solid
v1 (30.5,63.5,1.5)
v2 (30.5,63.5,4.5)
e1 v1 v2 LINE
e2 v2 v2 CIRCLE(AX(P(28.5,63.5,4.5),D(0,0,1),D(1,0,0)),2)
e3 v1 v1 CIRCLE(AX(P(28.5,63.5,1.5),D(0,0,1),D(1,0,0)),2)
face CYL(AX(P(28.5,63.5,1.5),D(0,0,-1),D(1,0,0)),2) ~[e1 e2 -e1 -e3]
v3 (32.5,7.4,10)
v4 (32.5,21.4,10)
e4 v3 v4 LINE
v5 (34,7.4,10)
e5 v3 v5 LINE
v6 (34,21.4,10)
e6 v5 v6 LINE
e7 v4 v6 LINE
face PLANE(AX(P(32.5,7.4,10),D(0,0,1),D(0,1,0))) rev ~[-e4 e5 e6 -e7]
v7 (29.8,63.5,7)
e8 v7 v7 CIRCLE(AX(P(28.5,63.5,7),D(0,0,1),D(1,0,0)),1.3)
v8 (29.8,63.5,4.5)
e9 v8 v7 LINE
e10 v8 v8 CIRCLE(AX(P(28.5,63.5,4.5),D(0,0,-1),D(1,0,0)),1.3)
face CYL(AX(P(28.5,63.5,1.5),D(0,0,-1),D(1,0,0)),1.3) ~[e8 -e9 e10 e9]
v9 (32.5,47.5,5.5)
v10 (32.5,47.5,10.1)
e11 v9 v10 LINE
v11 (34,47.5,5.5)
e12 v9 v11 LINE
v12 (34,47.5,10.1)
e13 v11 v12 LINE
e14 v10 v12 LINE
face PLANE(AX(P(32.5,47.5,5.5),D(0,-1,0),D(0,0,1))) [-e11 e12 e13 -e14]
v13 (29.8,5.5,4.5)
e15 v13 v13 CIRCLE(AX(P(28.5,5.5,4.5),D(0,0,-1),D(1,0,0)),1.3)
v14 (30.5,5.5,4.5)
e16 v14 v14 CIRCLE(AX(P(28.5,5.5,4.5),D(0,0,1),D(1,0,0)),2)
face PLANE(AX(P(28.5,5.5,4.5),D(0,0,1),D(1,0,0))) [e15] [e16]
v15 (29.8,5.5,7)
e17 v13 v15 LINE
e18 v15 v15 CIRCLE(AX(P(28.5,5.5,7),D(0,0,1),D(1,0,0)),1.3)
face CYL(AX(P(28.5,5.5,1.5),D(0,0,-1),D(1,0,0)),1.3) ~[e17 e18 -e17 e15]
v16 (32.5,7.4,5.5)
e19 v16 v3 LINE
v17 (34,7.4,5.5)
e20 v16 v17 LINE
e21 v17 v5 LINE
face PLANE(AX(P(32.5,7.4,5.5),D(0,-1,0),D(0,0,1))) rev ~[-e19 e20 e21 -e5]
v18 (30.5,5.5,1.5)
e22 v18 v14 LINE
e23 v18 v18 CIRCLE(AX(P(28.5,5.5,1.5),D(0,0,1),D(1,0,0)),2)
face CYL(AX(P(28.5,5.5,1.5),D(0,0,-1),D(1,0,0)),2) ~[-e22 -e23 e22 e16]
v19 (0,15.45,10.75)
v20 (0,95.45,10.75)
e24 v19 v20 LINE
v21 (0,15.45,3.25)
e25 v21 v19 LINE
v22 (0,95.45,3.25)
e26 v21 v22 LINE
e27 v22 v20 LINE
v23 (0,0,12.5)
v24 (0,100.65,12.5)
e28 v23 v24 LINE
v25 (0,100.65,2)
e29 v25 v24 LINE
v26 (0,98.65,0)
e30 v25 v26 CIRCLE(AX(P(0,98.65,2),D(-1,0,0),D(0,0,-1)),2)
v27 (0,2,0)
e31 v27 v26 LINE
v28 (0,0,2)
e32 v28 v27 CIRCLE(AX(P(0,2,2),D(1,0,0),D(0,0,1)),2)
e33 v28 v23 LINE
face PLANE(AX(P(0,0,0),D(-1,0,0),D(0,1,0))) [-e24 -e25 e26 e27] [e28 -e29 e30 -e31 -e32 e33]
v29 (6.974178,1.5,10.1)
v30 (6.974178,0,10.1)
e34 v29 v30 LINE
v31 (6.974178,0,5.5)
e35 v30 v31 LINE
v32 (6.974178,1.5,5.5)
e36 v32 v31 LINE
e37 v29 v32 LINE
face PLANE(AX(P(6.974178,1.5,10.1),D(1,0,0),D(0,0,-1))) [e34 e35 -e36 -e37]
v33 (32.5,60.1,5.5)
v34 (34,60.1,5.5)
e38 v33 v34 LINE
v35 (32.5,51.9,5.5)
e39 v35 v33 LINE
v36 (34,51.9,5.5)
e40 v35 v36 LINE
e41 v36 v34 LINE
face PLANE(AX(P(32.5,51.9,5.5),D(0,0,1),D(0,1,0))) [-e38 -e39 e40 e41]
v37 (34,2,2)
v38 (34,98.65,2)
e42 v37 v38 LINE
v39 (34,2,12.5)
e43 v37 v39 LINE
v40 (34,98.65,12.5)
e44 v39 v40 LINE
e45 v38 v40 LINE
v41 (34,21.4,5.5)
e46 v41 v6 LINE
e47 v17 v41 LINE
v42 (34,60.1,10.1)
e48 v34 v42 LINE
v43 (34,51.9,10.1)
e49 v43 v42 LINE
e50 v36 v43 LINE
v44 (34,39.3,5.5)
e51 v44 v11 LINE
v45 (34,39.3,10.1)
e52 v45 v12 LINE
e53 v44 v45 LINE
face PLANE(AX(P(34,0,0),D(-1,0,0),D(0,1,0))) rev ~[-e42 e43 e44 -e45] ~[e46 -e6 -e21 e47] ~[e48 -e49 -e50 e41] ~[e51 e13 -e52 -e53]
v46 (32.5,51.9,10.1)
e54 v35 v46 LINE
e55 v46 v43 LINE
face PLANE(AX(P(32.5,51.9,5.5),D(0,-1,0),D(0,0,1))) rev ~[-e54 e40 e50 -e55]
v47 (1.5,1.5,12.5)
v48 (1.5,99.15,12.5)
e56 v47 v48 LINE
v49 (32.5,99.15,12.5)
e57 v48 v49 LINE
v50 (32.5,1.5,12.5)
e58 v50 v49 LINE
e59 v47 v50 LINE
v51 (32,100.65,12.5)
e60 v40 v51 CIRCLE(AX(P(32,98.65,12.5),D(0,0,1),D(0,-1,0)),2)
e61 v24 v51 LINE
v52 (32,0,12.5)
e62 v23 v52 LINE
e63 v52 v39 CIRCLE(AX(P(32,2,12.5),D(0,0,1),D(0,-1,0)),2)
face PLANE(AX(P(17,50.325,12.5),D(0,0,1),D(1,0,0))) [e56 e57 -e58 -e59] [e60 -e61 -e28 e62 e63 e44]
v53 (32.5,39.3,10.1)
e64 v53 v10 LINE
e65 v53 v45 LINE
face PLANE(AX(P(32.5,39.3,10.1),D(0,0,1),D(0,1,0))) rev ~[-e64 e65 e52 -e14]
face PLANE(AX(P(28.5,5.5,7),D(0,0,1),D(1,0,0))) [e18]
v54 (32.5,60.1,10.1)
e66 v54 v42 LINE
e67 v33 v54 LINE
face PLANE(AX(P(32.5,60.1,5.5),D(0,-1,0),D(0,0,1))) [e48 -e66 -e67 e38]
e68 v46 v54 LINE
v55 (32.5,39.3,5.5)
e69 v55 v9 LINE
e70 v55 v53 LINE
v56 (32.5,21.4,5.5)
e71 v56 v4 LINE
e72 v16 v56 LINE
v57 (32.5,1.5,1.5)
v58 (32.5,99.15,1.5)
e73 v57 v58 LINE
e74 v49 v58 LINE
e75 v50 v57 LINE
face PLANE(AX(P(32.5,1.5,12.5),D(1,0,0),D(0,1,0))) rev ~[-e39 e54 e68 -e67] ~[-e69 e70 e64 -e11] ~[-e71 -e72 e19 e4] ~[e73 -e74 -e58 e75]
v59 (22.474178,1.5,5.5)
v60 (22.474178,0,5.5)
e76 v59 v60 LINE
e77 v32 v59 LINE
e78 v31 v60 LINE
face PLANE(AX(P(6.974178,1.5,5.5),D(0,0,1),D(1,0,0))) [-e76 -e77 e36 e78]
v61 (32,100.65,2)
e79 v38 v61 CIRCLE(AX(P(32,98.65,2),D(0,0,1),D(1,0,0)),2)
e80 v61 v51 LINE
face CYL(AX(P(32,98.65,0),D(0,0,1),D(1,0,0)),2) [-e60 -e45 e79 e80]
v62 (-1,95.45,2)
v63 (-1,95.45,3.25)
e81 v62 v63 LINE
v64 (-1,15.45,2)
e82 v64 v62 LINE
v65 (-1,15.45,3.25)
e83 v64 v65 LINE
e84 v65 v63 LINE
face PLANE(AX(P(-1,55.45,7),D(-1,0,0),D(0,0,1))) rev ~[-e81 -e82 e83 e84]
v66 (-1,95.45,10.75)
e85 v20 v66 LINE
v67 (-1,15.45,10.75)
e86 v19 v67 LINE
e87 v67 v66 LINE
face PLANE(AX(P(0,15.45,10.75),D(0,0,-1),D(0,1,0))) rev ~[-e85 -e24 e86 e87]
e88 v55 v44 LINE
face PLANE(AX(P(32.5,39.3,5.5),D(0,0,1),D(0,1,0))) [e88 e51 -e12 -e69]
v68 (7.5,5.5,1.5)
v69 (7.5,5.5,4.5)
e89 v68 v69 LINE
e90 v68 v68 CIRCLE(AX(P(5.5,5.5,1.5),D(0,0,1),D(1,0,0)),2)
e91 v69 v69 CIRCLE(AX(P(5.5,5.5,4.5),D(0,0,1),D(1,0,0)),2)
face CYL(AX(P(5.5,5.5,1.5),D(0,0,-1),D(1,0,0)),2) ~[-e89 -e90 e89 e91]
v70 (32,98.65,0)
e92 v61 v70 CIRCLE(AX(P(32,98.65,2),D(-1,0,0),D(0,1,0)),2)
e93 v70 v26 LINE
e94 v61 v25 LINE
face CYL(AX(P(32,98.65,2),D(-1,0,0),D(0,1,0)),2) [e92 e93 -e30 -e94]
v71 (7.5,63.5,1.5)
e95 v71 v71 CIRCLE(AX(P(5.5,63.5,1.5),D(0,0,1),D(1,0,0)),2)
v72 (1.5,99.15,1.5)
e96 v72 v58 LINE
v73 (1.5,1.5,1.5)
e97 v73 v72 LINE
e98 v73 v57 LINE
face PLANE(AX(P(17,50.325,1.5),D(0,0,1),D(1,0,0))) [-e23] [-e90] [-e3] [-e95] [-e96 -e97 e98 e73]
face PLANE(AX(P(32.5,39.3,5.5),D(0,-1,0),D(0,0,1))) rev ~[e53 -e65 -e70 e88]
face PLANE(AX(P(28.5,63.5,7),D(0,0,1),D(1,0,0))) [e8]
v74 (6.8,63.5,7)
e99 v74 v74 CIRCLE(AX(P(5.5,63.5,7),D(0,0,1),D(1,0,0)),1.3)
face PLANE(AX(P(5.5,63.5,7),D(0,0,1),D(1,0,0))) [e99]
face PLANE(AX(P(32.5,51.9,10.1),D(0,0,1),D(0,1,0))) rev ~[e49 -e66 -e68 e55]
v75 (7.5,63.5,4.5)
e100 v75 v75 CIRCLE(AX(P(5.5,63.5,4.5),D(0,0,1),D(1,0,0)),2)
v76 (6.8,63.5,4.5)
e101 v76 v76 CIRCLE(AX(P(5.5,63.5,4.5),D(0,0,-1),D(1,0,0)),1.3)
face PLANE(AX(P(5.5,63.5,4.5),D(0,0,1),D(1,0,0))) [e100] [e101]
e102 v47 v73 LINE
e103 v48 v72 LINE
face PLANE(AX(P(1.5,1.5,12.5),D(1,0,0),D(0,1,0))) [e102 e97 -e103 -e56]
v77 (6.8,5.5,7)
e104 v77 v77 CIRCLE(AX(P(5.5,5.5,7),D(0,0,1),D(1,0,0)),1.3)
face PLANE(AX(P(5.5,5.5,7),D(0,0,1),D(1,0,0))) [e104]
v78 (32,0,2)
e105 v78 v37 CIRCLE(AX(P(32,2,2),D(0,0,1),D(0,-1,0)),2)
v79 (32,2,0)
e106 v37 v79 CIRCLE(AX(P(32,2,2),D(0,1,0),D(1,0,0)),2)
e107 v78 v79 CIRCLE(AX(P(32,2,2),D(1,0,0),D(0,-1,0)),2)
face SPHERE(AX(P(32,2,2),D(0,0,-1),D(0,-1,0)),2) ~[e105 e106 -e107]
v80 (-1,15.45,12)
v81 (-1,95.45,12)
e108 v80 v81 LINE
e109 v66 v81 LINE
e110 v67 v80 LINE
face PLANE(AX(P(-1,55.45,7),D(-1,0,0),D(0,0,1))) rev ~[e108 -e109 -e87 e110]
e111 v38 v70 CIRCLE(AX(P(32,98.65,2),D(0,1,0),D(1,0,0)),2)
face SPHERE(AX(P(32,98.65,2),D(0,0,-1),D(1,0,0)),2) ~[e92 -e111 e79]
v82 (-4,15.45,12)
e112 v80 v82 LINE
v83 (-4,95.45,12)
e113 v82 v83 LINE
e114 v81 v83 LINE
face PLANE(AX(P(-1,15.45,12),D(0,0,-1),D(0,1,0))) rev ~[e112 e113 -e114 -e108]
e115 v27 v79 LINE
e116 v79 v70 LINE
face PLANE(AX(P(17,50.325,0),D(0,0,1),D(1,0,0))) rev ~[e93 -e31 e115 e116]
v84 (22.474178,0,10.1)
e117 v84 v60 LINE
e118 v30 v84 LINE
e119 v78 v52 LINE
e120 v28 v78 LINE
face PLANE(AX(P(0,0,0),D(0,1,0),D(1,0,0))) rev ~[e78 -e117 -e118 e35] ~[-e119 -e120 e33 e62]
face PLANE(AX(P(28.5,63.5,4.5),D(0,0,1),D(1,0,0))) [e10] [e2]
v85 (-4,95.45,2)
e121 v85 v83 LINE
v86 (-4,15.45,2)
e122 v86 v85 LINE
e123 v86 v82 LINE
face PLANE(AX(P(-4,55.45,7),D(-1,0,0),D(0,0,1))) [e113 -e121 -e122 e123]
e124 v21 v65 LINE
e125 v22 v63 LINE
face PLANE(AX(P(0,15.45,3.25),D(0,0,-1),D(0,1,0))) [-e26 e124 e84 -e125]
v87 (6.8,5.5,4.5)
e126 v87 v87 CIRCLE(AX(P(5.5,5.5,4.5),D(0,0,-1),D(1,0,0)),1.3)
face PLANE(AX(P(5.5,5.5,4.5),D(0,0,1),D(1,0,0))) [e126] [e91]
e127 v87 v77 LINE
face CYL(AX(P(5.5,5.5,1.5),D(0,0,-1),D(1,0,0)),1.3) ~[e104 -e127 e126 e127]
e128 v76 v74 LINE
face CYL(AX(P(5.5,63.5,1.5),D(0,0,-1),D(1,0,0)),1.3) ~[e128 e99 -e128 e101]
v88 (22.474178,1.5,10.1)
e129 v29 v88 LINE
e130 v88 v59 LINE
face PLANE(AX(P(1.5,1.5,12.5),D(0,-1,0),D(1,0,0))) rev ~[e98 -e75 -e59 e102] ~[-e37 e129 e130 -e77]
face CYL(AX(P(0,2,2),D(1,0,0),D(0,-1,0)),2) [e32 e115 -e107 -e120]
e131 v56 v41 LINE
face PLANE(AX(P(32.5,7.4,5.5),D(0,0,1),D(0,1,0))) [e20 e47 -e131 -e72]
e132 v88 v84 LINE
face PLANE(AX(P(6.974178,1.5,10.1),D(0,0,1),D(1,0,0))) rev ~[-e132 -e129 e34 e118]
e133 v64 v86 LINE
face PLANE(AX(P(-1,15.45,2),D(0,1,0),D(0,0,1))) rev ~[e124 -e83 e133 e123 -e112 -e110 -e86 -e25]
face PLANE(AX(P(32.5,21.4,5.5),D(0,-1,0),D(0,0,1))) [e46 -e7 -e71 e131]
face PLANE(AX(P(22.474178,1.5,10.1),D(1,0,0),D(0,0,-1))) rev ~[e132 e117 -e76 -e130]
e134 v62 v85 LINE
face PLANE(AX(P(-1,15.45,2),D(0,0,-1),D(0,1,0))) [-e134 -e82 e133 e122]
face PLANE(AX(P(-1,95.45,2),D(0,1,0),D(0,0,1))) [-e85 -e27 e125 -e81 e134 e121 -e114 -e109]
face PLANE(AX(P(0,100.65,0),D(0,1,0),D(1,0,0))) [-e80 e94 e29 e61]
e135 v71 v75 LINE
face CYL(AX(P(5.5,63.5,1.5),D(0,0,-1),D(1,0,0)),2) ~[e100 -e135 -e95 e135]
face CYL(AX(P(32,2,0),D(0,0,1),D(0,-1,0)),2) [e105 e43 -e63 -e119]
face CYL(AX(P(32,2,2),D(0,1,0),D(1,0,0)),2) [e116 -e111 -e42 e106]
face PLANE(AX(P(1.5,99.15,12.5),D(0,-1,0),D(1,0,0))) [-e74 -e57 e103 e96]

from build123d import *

# Parameters (mm, degrees)
ESQUISSE1_W             = 34
ESQUISSE1_H             = 100.65
BOSS_EXTRU_1_DEPTH      = 12.5
ESQUISSE2_W             = 31
ESQUISSE2_H             = 97.65
ENL_V_MAT_EXTRU_1_DEPTH = 11
ESQUISSE5_R             = 2
BOSS_EXTRU_4_DEPTH      = 3
ESQUISSE6_R             = 1.3
BOSS_EXTRU_5_DEPTH      = 5.5
CONG_2_R                = 2
CONG_3_R                = 2
CONG_4_R                = 2
ESQUISSE7_W             = 7.5
ESQUISSE7_H             = 80
BOSS_EXTRU_6_DEPTH      = 1
ESQUISSE9_W             = 10
ESQUISSE9_H             = 80
BOSS_EXTRU_7_DEPTH      = 3
ESQUISSE10_W            = 4.6
ESQUISSE10_H            = 8.2
ESQUISSE10_W_2          = 4.5
ESQUISSE10_H_2          = 14
ENL_V_MAT_EXTRU_2_DEPTH = 3
ESQUISSE11_W            = 15.5
ESQUISSE11_H            = 4.6
ENL_V_MAT_EXTRU_3_DEPTH = 3


with BuildPart() as part:
    # Esquisse1 → Boss.-Extru.1 (new body)
    with BuildSketch(Plane.XY):
        with Locations((17, 50.325)):
            Rectangle(ESQUISSE1_W, ESQUISSE1_H)
    extrude(amount=BOSS_EXTRU_1_DEPTH)

    # Esquisse2 → Enlèv. mat.-Extru.1 (cut)
    with BuildSketch(Plane.XY.offset(12.5)):
        with Locations((17, 50.325)):
            Rectangle(ESQUISSE2_W, ESQUISSE2_H)
    extrude(amount=-ENL_V_MAT_EXTRU_1_DEPTH, mode=Mode.SUBTRACT)

    # Esquisse5 → Boss.-Extru.4 (add)
    with BuildSketch(Plane.XY.offset(1.5)):
        with Locations((5.5, 63.5)):
            Circle(ESQUISSE5_R)
        with Locations((28.5, 63.5)):
            Circle(ESQUISSE5_R)
        with Locations((5.5, 5.5)):
            Circle(ESQUISSE5_R)
        with Locations((28.5, 5.5)):
            Circle(ESQUISSE5_R)
    extrude(amount=BOSS_EXTRU_4_DEPTH)

    # Esquisse6 → Boss.-Extru.5 (add)
    with BuildSketch(Plane.XY.offset(1.5)):
        with Locations((5.5, 63.5)):
            Circle(ESQUISSE6_R)
        with Locations((28.5, 63.5)):
            Circle(ESQUISSE6_R)
        with Locations((5.5, 5.5)):
            Circle(ESQUISSE6_R)
        with Locations((28.5, 5.5)):
            Circle(ESQUISSE6_R)
    extrude(amount=BOSS_EXTRU_5_DEPTH)

    # Congé2
    cong_2_edges = [part.edges().sort_by_distance(p)[0] for p in [
        (34, 0, 6.25),
    ]]
    fillet(cong_2_edges, radius=CONG_2_R)

    # Congé3
    cong_3_edges = [part.edges().sort_by_distance(p)[0] for p in [
        (34, 100.65, 6.25),
    ]]
    fillet(cong_3_edges, radius=CONG_3_R)

    # Congé4
    cong_4_edges = [part.edges().sort_by_distance(p)[0] for p in [
        (16, 0, 0),
        (34, 50.325, 0),
        (33.414213562, 0.585786438, 0),
        (16, 100.65, 0),
        (33.414213562, 100.064213562, 0),
    ]]
    fillet(cong_4_edges, radius=CONG_4_R)

    # Esquisse7 → Boss.-Extru.6 (add)
    with BuildSketch(Plane.ZY):
        with Locations((7, 55.45)):
            Rectangle(ESQUISSE7_W, ESQUISSE7_H)
    extrude(amount=BOSS_EXTRU_6_DEPTH)

    # Esquisse9 → Boss.-Extru.7 (add)
    with BuildSketch(Plane.ZY.offset(1)):
        with Locations((7, 55.45)):
            Rectangle(ESQUISSE9_W, ESQUISSE9_H)
    extrude(amount=BOSS_EXTRU_7_DEPTH)

    # Esquisse10 → Enlèv. mat.-Extru.2 (cut)
    with BuildSketch(Plane.ZY.offset(-32.5)):
        with Locations((7.8, 56)):
            Rectangle(ESQUISSE10_W, ESQUISSE10_H)
        with Locations((7.8, 43.4)):
            Rectangle(ESQUISSE10_W, ESQUISSE10_H)
        with Locations((7.75, 14.4)):
            Rectangle(ESQUISSE10_W_2, ESQUISSE10_H_2)
    extrude(amount=-ENL_V_MAT_EXTRU_2_DEPTH, mode=Mode.SUBTRACT)

    # Esquisse11 → Enlèv. mat.-Extru.3 (cut)
    with BuildSketch(Plane(origin=(0, 1.5, 0), x_dir=(1, 0, 0), z_dir=(0, 1, 0))):
        with Locations((14.724178104, -7.8)):
            Rectangle(ESQUISSE11_W, ESQUISSE11_H)
    extrude(amount=-ENL_V_MAT_EXTRU_3_DEPTH, mode=Mode.SUBTRACT)


solid = part.part
